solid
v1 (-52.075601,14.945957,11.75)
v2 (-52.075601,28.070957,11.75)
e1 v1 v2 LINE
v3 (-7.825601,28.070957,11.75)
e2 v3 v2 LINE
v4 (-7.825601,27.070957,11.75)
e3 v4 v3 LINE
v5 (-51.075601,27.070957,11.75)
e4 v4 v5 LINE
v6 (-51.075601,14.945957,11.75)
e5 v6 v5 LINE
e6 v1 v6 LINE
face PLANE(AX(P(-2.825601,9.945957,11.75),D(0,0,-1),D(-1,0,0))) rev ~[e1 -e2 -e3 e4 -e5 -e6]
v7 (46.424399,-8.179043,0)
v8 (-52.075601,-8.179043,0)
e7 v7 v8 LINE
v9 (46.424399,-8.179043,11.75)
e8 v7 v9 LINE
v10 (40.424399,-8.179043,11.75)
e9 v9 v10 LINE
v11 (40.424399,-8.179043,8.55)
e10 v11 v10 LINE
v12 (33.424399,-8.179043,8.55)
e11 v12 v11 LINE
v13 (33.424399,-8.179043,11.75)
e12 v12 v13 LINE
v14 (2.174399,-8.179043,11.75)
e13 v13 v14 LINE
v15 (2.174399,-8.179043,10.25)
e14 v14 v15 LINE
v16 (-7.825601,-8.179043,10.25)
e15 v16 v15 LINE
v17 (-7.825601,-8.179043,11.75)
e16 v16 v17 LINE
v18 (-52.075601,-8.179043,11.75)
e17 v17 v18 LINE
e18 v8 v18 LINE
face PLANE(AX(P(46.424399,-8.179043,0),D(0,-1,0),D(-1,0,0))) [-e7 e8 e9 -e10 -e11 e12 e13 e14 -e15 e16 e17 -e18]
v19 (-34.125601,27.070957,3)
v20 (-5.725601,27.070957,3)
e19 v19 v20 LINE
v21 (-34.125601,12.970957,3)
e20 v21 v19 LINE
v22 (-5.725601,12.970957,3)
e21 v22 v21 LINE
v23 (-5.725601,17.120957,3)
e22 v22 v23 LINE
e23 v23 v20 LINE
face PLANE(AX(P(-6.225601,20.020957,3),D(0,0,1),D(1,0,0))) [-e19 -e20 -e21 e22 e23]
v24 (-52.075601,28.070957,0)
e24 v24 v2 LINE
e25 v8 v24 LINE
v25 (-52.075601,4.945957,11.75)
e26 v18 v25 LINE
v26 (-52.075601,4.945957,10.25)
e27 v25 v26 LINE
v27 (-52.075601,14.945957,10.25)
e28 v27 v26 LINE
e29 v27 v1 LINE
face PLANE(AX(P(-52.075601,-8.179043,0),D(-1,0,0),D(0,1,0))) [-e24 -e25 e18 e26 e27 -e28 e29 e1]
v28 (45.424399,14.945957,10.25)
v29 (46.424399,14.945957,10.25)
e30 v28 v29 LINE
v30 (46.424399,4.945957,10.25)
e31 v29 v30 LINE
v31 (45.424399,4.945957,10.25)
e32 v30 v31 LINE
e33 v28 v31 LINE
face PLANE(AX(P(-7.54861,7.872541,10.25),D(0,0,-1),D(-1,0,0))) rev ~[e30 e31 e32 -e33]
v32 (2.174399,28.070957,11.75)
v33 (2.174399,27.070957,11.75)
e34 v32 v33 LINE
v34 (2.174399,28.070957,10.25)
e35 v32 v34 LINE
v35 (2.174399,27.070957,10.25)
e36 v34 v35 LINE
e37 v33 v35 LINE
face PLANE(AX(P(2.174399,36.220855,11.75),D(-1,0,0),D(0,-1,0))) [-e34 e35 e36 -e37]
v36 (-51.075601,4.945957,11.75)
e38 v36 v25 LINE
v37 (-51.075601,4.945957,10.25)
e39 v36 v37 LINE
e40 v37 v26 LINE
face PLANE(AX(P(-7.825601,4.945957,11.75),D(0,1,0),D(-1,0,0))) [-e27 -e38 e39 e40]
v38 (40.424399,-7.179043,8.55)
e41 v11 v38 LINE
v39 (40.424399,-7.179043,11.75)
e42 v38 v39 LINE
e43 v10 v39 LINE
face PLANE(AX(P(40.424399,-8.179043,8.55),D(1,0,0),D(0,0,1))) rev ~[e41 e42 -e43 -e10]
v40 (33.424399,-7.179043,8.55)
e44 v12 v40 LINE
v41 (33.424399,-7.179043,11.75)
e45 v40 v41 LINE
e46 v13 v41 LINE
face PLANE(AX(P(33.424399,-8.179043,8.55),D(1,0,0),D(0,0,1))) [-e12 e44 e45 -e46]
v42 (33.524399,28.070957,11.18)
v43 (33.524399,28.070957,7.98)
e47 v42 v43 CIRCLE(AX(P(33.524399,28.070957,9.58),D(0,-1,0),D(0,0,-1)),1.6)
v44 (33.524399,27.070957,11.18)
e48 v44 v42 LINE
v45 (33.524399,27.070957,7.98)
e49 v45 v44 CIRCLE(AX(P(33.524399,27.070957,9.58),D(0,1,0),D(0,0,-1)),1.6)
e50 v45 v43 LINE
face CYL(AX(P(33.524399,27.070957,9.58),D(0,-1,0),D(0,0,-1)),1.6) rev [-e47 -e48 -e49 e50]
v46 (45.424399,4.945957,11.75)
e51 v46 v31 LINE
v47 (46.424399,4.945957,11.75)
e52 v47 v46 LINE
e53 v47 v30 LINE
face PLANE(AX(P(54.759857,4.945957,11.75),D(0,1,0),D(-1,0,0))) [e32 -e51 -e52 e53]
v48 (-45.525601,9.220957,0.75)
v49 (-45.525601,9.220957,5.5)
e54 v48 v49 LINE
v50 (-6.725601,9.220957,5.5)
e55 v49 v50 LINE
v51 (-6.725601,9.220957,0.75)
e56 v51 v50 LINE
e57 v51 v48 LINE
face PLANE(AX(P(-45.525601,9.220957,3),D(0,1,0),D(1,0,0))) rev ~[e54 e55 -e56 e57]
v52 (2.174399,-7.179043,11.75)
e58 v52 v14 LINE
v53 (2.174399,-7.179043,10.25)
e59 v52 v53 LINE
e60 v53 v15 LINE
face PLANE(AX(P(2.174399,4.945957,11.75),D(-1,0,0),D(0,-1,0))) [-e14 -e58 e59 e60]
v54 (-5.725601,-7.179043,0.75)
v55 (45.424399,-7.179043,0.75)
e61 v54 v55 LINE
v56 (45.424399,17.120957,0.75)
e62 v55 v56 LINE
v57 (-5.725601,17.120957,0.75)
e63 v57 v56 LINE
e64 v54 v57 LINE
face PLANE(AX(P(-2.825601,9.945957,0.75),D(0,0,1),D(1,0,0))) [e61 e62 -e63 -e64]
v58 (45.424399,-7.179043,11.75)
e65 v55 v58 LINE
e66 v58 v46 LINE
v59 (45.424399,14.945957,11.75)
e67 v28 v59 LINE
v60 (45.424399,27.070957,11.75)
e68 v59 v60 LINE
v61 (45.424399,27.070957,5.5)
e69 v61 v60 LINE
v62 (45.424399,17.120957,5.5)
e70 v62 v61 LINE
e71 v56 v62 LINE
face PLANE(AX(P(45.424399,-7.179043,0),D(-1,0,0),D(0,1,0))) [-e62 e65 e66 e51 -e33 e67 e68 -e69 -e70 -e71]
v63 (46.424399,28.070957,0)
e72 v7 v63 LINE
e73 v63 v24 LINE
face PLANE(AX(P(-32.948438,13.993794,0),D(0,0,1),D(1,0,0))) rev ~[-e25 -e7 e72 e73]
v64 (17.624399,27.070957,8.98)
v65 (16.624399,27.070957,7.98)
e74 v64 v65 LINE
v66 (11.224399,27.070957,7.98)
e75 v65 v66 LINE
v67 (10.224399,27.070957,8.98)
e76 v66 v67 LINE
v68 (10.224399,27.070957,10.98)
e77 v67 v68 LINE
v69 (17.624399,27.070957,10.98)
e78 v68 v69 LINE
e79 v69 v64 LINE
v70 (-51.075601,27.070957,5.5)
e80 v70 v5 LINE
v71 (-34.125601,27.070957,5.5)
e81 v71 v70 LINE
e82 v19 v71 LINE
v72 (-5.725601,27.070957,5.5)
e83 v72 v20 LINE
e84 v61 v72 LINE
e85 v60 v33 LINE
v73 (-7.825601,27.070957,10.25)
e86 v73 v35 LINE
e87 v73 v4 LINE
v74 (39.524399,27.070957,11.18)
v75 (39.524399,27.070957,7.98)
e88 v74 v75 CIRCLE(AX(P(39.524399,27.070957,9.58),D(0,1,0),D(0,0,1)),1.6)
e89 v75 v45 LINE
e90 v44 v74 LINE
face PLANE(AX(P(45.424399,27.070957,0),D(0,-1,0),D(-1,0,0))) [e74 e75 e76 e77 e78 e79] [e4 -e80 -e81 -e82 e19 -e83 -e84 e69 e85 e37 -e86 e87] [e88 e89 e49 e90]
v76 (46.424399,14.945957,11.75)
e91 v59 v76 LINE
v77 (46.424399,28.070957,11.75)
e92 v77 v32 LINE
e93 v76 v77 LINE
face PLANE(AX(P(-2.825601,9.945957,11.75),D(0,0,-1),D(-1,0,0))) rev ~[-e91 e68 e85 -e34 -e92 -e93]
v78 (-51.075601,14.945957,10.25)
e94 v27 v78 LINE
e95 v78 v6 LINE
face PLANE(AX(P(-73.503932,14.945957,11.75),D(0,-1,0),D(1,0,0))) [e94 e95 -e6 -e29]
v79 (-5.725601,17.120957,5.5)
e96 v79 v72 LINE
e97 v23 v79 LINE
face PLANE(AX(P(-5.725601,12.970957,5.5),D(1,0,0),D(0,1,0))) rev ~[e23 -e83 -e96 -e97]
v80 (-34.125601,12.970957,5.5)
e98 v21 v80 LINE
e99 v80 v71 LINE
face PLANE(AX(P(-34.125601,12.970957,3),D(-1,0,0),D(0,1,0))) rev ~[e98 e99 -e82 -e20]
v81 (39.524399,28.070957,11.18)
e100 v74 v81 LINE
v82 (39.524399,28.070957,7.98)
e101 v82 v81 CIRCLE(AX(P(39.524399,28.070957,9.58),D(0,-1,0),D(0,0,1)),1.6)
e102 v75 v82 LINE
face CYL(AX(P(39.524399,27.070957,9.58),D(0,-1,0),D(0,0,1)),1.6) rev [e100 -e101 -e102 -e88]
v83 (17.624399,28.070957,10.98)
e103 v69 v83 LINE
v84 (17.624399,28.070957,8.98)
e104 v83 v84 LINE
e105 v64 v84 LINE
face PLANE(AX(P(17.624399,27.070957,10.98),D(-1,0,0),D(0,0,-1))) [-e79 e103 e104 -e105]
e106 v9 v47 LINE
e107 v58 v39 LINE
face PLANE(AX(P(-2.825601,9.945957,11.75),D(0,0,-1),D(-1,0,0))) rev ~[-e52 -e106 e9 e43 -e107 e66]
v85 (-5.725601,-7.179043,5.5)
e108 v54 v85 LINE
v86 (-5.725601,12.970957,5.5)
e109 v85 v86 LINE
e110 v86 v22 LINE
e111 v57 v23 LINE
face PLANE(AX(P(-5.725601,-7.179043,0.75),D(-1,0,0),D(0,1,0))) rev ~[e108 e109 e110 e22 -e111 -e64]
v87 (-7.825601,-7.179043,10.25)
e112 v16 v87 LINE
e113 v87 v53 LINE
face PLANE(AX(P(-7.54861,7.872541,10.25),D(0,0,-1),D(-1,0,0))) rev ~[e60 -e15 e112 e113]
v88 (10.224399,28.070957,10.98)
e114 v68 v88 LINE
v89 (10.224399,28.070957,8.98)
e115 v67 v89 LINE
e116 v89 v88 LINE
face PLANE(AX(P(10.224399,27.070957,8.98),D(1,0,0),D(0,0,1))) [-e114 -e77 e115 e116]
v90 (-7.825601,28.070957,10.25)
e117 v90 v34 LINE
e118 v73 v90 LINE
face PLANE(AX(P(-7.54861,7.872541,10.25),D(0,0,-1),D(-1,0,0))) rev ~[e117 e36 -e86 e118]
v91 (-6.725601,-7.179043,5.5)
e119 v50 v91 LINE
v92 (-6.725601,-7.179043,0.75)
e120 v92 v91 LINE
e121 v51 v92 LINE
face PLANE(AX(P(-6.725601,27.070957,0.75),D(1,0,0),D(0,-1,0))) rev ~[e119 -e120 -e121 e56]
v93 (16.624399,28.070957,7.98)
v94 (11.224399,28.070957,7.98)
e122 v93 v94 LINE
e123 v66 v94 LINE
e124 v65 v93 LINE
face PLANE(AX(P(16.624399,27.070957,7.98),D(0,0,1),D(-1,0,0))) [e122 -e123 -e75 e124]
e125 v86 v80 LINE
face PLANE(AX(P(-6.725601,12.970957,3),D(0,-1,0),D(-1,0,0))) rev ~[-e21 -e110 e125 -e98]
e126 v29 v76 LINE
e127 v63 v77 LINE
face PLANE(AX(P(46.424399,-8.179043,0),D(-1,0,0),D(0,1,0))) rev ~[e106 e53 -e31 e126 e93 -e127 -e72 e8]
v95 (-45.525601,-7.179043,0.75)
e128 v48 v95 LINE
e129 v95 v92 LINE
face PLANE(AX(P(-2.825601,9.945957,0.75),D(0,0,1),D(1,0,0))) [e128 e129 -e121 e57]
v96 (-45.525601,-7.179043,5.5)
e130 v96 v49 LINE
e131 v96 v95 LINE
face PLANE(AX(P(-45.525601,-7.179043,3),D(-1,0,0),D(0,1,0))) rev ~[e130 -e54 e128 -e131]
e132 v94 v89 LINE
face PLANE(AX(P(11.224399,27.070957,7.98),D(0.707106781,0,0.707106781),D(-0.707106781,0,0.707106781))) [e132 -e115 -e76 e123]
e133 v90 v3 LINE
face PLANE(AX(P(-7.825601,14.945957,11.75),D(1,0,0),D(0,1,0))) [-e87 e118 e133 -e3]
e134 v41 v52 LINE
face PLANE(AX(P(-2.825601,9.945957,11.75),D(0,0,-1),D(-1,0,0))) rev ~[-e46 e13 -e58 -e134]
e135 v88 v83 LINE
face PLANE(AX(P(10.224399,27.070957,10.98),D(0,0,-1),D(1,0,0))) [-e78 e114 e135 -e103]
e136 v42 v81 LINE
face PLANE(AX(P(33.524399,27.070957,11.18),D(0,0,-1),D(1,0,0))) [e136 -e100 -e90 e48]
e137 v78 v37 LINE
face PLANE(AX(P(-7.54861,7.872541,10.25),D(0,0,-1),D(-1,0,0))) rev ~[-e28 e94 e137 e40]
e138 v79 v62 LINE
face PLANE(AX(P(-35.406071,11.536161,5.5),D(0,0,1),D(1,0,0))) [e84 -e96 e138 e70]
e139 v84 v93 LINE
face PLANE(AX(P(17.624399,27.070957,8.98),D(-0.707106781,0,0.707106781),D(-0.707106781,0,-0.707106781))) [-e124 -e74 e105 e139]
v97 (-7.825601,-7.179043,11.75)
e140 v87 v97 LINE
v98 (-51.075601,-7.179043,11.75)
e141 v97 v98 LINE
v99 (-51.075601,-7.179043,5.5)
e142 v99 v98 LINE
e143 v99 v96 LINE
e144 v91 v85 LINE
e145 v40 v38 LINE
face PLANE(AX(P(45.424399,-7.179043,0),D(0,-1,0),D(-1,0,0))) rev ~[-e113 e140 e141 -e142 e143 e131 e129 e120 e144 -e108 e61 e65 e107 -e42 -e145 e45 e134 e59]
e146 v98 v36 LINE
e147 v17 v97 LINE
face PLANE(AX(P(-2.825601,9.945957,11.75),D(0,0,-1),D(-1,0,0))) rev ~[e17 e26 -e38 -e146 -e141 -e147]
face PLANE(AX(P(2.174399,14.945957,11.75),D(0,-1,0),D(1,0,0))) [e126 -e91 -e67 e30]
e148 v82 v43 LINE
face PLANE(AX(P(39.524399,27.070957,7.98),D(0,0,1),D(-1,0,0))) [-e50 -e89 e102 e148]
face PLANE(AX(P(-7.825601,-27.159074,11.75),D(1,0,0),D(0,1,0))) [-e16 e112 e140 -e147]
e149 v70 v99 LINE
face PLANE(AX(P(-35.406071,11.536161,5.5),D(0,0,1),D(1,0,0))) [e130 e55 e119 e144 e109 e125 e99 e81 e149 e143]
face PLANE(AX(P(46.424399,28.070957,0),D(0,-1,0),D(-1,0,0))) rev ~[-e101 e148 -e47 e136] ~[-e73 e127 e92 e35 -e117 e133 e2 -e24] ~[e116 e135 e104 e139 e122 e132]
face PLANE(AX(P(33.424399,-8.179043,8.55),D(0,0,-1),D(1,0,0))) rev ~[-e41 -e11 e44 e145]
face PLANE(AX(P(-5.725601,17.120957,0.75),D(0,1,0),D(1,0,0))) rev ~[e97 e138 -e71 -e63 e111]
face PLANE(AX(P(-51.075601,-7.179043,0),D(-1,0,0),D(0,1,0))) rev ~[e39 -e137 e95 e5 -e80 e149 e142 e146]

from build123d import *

# Parameters (mm, degrees)
CROQUIS1_W              = 96.5
CROQUIS1_H              = 34.25
SALIENTE_EXTRUIR1_DEPTH = 0.75
CROQUIS3_W              = 98.5
CROQUIS3_H              = 36.25
CROQUIS3_W_2            = 96.5
CROQUIS3_H_2            = 34.25
SALIENTE_EXTRUIR2_DEPTH = 11.75
SALIENTE_EXTRUIR3_DEPTH = 4.75
SALIENTE_EXTRUIR4_DEPTH = 3
SALIENTE_EXTRUIR5_DEPTH = 2.5
CROQUIS8_W              = 1
CROQUIS8_H              = 14.1
CORTAR_EXTRUIR1_DEPTH   = 2.5
CORTAR_EXTRUIR2_DEPTH   = 2.5
CORTAR_EXTRUIR3_DEPTH   = 1.5
CROQUIS11_W             = 7
CROQUIS11_H             = 3.2
CORTAR_EXTRUIR4_DEPTH   = 10


with BuildPart() as part:
    # Croquis1 → Saliente-Extruir1 (new body)
    with BuildSketch(Plane.XY):
        with Locations((-2.825600583, 9.945957096)):
            Rectangle(CROQUIS1_W, CROQUIS1_H)
    extrude(amount=SALIENTE_EXTRUIR1_DEPTH)

    # Croquis3 → Saliente-Extruir2 (add)
    with BuildSketch(Plane(origin=(0, 0, 0), x_dir=(-1, 0, 0), z_dir=(0, 0, -1))):
        with Locations((2.825600583, 9.945957096)):
            Rectangle(CROQUIS3_W, CROQUIS3_H)
        with Locations((2.825600583, 9.945957096)):
            Rectangle(CROQUIS3_W_2, CROQUIS3_H_2, mode=Mode.SUBTRACT)
    extrude(amount=-SALIENTE_EXTRUIR2_DEPTH)

    # Croquis5 → Saliente-Extruir3 (add)
    with BuildSketch(Plane.XY.offset(0.75)):
        Polygon((-5.725600583, -7.179042904), (-5.725600583, 17.120957096), (45.424399417, 17.120957096), (45.424399417, 27.070957096), (-6.725600583, 27.070957096), (-6.725600583, -7.179042904), align=None)
    extrude(amount=SALIENTE_EXTRUIR3_DEPTH)

    # Croquis6 → Saliente-Extruir4 (add)
    with BuildSketch(Plane.XY):
        Polygon((-6.725600583, 9.220957096), (-6.725600583, 27.070957096), (-51.075600583, 27.070957096), (-51.075600583, -7.179042904), (-45.525600583, -7.179042904), (-45.525600583, 9.220957096), align=None)
    extrude(amount=SALIENTE_EXTRUIR4_DEPTH)

    # Croquis7 → Saliente-Extruir5 (add)
    with BuildSketch(Plane.XY.offset(3)):
        Polygon((-34.125600583, 27.070957096), (-51.075600583, 27.070957096), (-51.075600583, -7.179042904), (-45.525600583, -7.179042904), (-45.525600583, 9.220957096), (-6.725600583, 9.220957096), (-6.725600583, 12.970957096), (-34.125600583, 12.970957096), align=None)
    extrude(amount=SALIENTE_EXTRUIR5_DEPTH)

    # Croquis8 → Cortar-Extruir1 (cut)
    with BuildSketch(Plane.XY.offset(5.5)):
        with Locations((-6.225600583, 20.020957096)):
            Rectangle(CROQUIS8_W, CROQUIS8_H)
    extrude(amount=-CORTAR_EXTRUIR1_DEPTH, mode=Mode.SUBTRACT)

    # Croquis9 → Cortar-Extruir2 (cut)
    with BuildSketch(Plane.XZ.offset(-27.070957096)):
        Polygon((10.224399417, 10.98), (17.624399417, 10.98), (17.624399417, 8.98), (16.624399417, 7.98), (11.224399417, 7.98), (10.224399417, 8.98), align=None)
        with BuildLine():
            Line((33.524399417, 11.18), (39.524399417, 11.18))
            ThreePointArc((39.524399417, 11.18), (41.124399417, 9.58), (39.524399417, 7.98))
            Line((39.524399417, 7.98), (33.524399417, 7.98))
            ThreePointArc((33.524399417, 7.98), (31.924399417, 9.58), (33.524399417, 11.18))
        make_face()
    extrude(amount=-CORTAR_EXTRUIR2_DEPTH, mode=Mode.SUBTRACT)

    # Croquis10 → Cortar-Extruir3 (cut)
    with BuildSketch(Plane.XY.offset(11.75)):
        Polygon((-7.825600583, 36.220855399), (2.174399417, 36.220855399), (2.174399417, 14.945957096), (54.759857348, 14.945957096), (54.759857348, 4.945957096), (2.174399417, 4.945957096), (2.174399417, -27.159073942), (-7.825600583, -27.159073942), (-7.825600583, 4.945957096), (-73.50393186, 4.945957096), (-73.50393186, 14.945957096), (-7.825600583, 14.945957096), align=None)
    extrude(amount=-CORTAR_EXTRUIR3_DEPTH, mode=Mode.SUBTRACT)

    # Croquis11 → Cortar-Extruir4 (cut)
    with BuildSketch(Plane.XZ.offset(8.179042904)):
        with Locations((36.924399417, 10.15)):
            Rectangle(CROQUIS11_W, CROQUIS11_H)
    extrude(amount=-CORTAR_EXTRUIR4_DEPTH, mode=Mode.SUBTRACT)


solid = part.part
